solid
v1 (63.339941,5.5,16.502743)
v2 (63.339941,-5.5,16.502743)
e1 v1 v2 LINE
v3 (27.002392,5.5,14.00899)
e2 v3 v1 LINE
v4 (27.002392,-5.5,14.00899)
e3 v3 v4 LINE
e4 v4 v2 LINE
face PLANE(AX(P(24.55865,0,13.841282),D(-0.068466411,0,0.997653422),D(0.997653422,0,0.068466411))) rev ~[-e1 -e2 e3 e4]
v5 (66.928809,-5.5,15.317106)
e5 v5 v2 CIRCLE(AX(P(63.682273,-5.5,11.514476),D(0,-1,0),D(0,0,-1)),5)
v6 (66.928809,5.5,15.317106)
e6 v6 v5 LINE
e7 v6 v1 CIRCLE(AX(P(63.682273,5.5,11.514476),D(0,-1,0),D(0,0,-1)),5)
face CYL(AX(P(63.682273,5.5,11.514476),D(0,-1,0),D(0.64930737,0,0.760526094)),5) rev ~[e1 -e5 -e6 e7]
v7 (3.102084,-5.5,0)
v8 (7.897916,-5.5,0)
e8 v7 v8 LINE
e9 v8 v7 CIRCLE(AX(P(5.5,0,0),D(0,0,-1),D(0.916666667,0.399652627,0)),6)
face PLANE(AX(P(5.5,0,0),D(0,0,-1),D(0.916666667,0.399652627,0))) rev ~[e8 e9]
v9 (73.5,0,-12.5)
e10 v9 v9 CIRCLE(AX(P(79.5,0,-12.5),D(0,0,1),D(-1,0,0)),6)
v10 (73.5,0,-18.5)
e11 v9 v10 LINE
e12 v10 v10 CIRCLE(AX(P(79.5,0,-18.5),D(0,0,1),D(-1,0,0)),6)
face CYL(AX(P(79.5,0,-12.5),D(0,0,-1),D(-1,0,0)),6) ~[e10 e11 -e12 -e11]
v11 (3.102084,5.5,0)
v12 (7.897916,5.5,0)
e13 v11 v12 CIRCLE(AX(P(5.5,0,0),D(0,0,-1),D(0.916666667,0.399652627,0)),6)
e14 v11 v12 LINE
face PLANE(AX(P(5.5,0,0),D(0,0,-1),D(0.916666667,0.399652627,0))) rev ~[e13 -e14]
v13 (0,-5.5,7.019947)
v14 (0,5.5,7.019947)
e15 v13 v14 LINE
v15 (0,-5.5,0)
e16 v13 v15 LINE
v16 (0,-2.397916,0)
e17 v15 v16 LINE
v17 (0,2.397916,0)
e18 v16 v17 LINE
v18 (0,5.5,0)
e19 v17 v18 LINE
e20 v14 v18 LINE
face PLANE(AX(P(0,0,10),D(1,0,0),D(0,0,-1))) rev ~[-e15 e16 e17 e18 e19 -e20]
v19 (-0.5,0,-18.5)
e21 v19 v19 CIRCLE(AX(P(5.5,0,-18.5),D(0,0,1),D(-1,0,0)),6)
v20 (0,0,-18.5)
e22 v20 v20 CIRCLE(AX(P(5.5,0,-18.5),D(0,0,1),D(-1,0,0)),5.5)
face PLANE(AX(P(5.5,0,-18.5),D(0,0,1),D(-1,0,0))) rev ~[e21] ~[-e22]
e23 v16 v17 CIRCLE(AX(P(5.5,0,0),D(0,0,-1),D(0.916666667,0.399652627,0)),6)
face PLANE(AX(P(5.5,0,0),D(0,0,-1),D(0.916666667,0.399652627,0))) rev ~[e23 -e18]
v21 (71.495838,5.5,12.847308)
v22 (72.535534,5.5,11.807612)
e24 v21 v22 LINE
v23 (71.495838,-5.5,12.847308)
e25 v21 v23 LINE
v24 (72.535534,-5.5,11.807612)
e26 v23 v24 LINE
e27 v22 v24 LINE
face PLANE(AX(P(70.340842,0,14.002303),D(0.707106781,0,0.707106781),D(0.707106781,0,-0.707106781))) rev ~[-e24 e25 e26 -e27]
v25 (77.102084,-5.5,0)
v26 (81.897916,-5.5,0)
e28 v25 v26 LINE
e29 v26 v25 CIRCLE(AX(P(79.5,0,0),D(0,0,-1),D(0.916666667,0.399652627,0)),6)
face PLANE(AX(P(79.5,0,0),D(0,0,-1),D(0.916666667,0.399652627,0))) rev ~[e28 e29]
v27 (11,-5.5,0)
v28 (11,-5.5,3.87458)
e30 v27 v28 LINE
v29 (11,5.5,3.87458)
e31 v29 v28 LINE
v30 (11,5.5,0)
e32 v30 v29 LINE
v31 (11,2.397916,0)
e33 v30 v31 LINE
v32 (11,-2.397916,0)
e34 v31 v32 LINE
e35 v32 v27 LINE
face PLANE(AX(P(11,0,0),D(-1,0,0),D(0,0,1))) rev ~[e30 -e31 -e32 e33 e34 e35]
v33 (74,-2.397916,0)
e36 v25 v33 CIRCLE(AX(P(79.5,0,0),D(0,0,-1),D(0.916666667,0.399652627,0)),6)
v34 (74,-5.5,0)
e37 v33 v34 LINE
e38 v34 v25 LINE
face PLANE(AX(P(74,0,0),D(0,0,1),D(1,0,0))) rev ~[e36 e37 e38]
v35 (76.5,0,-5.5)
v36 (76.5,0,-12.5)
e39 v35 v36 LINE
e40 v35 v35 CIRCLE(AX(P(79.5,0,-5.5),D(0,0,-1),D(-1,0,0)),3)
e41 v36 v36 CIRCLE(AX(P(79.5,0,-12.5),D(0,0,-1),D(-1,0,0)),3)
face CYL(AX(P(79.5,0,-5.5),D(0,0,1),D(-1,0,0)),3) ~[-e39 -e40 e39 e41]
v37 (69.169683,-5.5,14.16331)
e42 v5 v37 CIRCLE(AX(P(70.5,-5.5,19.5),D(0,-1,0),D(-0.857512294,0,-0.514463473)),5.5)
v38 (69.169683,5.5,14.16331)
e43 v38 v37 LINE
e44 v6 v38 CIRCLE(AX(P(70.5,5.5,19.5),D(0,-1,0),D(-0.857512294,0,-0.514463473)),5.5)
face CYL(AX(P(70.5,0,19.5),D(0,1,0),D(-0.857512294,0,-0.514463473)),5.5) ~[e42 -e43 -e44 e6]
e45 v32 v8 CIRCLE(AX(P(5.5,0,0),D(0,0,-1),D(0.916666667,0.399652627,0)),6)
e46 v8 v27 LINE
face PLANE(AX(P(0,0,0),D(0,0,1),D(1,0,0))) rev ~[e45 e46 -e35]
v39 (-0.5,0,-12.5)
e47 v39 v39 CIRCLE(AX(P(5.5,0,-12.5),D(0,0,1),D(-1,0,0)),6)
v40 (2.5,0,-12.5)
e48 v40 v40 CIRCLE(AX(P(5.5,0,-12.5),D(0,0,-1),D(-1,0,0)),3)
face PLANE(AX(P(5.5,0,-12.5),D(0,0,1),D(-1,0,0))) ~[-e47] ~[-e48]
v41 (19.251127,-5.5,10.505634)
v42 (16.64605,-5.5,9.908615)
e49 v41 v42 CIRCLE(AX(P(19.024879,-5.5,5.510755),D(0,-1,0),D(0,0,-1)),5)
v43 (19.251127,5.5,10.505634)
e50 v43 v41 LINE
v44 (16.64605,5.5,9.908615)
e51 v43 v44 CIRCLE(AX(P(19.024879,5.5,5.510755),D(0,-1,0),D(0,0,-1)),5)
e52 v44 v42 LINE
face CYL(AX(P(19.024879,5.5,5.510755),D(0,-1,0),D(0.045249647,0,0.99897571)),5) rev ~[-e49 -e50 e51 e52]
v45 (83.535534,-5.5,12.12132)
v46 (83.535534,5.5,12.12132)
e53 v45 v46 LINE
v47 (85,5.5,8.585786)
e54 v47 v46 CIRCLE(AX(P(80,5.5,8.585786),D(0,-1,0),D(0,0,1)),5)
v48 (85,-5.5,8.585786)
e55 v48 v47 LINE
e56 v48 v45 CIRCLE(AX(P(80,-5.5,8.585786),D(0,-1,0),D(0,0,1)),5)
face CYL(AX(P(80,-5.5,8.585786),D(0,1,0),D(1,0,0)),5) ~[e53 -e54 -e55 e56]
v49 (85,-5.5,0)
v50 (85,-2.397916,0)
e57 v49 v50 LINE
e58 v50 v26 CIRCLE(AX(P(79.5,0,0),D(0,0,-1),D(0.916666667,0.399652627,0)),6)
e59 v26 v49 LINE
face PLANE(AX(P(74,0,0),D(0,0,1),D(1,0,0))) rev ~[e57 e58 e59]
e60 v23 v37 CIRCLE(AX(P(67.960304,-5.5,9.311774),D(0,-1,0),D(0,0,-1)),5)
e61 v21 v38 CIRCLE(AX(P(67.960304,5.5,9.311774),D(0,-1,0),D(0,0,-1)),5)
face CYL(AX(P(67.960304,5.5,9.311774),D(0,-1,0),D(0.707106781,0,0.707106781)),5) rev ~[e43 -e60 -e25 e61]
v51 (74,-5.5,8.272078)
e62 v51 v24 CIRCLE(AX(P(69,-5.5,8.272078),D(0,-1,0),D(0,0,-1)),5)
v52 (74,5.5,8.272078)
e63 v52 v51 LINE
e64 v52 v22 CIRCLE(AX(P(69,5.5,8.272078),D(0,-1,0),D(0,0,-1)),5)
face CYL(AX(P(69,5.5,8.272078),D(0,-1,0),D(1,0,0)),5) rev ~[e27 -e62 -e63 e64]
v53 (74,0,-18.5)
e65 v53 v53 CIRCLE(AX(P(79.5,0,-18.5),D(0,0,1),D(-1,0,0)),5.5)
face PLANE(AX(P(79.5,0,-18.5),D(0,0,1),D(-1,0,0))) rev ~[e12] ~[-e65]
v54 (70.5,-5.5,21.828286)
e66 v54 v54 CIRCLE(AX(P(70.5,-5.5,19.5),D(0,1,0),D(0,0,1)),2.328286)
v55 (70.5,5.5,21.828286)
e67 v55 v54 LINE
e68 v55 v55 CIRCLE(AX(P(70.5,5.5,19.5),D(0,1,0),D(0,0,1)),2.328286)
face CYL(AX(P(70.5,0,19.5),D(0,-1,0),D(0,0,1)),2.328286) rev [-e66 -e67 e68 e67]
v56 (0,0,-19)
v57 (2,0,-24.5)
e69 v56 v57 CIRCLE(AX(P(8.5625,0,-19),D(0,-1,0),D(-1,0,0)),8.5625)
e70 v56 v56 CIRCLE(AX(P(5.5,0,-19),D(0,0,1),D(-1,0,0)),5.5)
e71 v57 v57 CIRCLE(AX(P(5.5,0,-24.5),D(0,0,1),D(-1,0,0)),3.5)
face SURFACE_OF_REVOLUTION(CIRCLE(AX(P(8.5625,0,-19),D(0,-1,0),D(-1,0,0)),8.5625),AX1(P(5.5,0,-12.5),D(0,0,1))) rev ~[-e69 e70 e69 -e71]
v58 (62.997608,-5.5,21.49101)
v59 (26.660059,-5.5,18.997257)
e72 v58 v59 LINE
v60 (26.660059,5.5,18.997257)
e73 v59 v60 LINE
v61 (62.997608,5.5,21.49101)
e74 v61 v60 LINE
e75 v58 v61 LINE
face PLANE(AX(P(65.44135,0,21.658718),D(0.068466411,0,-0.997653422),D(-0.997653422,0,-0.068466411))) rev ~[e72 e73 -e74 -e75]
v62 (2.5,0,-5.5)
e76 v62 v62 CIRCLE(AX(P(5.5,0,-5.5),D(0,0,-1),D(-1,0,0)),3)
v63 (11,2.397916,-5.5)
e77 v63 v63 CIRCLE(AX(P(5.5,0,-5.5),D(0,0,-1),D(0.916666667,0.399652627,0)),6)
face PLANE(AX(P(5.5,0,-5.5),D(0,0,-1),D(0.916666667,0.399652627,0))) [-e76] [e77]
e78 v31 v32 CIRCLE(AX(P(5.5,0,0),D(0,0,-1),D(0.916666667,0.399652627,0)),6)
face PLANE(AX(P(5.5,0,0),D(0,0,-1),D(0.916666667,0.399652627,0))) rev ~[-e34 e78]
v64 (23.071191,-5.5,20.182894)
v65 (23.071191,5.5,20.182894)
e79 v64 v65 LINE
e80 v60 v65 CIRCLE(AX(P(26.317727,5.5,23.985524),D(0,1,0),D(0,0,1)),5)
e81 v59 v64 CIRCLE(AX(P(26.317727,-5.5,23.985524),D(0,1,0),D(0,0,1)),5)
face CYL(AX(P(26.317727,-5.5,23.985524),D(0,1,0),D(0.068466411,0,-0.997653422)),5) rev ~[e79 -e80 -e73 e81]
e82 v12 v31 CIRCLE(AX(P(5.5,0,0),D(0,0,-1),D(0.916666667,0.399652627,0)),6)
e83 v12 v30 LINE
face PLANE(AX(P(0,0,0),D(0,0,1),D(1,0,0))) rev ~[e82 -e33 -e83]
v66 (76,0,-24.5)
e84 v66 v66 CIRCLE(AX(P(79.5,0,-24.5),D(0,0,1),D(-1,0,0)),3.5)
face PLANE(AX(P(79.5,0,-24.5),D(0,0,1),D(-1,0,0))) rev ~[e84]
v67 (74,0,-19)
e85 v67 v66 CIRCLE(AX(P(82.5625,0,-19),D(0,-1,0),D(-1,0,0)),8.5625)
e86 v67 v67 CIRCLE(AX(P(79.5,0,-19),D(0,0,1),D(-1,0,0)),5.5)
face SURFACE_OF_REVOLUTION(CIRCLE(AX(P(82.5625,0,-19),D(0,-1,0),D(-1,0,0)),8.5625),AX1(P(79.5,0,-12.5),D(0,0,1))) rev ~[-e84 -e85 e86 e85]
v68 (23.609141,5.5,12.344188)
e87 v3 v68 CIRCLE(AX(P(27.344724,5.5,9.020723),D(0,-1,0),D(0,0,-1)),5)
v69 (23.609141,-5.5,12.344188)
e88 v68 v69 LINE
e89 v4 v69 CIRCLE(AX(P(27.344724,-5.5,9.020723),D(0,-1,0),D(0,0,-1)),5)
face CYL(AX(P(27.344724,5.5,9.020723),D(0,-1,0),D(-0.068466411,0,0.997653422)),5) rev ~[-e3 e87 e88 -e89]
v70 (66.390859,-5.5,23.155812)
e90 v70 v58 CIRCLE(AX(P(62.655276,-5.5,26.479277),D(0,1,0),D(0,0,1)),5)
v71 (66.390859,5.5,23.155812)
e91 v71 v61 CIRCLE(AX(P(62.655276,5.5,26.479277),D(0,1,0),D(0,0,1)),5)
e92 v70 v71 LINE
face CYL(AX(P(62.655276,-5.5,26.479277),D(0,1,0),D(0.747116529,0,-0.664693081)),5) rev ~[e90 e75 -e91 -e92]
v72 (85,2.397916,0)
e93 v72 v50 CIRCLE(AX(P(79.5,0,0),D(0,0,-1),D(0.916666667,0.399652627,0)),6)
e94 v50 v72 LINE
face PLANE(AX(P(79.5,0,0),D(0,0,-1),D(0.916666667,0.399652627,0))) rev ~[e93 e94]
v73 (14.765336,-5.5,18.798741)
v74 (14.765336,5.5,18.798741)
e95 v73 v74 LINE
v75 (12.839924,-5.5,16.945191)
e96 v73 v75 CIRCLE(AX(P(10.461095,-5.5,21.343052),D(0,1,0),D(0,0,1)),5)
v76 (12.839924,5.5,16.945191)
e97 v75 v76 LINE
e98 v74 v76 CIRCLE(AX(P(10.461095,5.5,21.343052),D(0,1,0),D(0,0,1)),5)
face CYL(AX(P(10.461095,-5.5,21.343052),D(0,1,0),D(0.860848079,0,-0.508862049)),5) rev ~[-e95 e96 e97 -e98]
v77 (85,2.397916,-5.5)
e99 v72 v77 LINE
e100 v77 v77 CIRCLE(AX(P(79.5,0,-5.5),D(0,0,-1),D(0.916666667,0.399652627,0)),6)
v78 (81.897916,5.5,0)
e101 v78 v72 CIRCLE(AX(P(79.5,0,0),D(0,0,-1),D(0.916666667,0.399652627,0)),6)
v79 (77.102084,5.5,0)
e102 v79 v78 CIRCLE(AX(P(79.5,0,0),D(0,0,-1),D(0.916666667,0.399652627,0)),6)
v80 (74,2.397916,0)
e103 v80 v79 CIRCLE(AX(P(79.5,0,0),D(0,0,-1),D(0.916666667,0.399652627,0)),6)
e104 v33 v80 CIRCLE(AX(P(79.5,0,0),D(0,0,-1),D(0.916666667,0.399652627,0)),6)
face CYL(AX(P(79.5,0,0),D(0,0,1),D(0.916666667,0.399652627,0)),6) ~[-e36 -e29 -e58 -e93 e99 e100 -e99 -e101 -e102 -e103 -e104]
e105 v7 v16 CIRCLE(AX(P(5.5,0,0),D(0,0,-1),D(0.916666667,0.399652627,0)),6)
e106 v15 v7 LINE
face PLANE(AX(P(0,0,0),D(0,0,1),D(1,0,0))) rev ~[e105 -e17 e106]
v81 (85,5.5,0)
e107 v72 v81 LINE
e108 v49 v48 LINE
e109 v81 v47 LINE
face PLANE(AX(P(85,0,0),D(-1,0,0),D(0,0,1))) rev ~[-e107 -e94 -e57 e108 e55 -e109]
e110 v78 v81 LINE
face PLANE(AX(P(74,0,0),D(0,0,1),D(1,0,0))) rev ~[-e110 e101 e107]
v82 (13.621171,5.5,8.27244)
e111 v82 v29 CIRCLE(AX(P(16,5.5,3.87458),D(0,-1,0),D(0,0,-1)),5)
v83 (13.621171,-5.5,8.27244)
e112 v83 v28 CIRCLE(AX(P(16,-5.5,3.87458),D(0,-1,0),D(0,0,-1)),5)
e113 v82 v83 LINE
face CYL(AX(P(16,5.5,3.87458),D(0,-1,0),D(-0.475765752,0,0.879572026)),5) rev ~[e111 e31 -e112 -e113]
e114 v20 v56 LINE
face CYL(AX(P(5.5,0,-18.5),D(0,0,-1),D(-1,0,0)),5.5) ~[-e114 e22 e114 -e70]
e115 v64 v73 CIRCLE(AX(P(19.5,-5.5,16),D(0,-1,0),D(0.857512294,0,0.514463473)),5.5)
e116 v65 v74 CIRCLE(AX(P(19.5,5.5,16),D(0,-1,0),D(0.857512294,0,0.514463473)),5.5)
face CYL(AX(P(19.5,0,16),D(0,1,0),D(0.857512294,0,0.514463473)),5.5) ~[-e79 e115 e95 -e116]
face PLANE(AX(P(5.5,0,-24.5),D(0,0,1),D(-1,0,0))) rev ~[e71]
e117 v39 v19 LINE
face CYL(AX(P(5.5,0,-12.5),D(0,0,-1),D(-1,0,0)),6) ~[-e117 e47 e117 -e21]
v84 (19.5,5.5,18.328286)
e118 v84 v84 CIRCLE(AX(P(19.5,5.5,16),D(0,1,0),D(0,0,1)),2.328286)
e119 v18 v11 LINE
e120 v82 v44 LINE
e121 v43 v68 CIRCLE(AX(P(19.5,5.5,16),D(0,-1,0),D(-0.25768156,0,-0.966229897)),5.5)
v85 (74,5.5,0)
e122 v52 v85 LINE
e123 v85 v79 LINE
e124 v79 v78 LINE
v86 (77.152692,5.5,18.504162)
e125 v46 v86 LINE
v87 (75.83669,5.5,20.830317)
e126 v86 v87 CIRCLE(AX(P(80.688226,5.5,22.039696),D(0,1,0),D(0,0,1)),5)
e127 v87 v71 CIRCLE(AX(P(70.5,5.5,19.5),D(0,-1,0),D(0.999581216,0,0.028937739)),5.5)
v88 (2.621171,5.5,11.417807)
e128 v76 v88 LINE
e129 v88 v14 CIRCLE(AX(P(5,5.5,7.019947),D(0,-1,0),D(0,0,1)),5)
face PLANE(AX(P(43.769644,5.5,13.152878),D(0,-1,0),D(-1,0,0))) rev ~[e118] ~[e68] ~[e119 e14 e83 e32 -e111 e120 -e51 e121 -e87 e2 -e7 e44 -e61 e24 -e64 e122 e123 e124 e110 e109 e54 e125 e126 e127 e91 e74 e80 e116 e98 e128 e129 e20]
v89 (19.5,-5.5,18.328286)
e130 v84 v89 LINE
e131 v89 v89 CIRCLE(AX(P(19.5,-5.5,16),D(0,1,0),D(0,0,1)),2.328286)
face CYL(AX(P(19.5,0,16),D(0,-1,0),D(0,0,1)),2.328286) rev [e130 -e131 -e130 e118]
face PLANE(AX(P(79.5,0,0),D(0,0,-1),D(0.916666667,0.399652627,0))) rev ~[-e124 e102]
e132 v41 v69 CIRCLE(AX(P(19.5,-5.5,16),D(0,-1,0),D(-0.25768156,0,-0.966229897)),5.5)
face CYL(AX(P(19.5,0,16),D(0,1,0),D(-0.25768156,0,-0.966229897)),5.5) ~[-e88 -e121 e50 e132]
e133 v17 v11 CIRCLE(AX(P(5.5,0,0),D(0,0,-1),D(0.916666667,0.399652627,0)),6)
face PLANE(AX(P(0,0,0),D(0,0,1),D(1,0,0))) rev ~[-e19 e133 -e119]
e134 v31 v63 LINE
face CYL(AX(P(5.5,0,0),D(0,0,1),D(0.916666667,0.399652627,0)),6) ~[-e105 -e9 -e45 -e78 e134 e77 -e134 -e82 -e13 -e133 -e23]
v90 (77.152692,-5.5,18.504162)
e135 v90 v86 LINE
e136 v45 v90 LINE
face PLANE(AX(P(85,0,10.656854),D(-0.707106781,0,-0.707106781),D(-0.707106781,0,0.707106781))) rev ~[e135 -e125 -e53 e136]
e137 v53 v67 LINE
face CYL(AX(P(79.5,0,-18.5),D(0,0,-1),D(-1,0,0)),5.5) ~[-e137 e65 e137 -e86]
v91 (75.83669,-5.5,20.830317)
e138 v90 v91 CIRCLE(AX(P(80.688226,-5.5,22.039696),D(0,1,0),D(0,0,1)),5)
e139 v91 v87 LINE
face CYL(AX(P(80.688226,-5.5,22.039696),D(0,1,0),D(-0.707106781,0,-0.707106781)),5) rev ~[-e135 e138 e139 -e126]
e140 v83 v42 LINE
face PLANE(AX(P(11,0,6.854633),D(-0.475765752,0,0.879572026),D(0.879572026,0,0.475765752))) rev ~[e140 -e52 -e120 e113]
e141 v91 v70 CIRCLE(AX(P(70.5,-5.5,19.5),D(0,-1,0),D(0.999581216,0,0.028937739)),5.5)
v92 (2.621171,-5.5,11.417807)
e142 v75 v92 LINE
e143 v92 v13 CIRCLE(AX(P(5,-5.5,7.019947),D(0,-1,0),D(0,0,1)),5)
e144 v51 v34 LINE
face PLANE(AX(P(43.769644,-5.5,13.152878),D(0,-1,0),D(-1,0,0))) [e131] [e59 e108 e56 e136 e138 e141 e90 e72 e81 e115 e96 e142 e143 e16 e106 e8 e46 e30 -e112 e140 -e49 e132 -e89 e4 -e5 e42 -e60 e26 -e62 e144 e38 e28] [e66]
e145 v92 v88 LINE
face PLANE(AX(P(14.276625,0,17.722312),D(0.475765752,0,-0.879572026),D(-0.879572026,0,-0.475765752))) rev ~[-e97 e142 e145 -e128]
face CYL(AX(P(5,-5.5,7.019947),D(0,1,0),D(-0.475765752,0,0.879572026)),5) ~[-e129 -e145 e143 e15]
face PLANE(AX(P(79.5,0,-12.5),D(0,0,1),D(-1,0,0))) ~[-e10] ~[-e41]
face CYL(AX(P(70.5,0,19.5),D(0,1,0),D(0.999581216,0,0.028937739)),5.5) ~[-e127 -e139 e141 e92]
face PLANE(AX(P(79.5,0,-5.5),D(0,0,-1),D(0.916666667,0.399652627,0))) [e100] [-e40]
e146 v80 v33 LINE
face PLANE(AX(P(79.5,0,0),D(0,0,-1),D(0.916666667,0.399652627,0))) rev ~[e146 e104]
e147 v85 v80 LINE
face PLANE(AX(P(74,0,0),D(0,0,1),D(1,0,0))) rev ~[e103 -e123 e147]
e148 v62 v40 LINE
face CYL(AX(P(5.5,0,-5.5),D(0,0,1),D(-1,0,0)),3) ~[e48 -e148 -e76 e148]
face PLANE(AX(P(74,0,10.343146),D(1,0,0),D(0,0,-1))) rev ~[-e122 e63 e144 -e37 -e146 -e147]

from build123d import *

# Parameters (mm, degrees)
SKETCH1_R           = 2.328285793
BOSS_EXTRUDE1_DEPTH = 5.5
FILLET1_R           = 5
SKETCH3_R           = 6
BOSS_EXTRUDE2_DEPTH = 5.5
SKETCH4_R           = 3
BOSS_EXTRUDE3_DEPTH = 7
LPATTERN1_COUNT     = 2
LPATTERN1_PITCH     = 74


with BuildPart() as part:
    # Sketch1 → Boss-Extrude1 (new, symmetric)
    with BuildSketch(Plane(origin=(0, 0, 0), x_dir=(1, 0, 0), z_dir=(0, 1, 0))):
        with BuildLine():
            Line((0, 0), (11, 0))
            Line((11, 0), (11, -6.854633107))
            Line((11, -6.854633107), (18.08275142, -10.685735567))
            ThreePointArc((18.08275142, -10.685735567), (21.90921539, -11.055742603), (24.558649677, -13.841281989))
            Line((24.558649677, -13.841281989), (65.78368238, -16.6704509))
            ThreePointArc((65.78368238, -16.6704509), (67.721094199, -14.75366641), (70.340842438, -14.002303312))
            Line((70.340842438, -14.002303312), (74, -10.343145751))
            Line((74, -10.343145751), (74, 0))
            Line((74, 0), (85, 0))
            Line((85, 0), (85, -10.656854249))
            Line((85, -10.656854249), (75.997696688, -19.659157562))
            ThreePointArc((75.997696688, -19.659157562), (71.523597121, -24.903910522), (65.441350323, -21.658718011))
            Line((65.441350323, -21.658718011), (24.21631762, -18.8295491))
            ThreePointArc((24.21631762, -18.8295491), (18.891090881, -21.466189686), (14.276625407, -17.722311778))
            Line((14.276625407, -17.722311778), (0, -10))
            Line((0, -10), (0, 0))
        make_face()
        with Locations(Location((19.5, -16, 0), (0, 0, 270))):
            Circle(SKETCH1_R, mode=Mode.SUBTRACT)
        with Locations(Location((70.5, -19.5, 0), (0, 0, 270))):
            Circle(SKETCH1_R, mode=Mode.SUBTRACT)
    extrude(amount=BOSS_EXTRUDE1_DEPTH, both=True)

    # Fillet1
    fillet1_edges = [part.edges().sort_by_distance(p)[0] for p in [
        (11, 0, 6.854633107),
        (18.08275142, 0, 10.685735567),
        (24.558649677, 0, 13.841281989),
        (65.78368238, 0, 16.6704509),
        (70.340842438, 0, 14.002303312),
        (74, 0, 10.343145751),
        (85, 0, 10.656854249),
        (75.997696688, 0, 19.659157562),
        (65.441350323, 0, 21.658718011),
        (24.21631762, 0, 18.8295491),
        (14.276625407, 0, 17.722311778),
        (0, 0, 10),
    ]]
    fillet(fillet1_edges, radius=FILLET1_R)

    # Sketch3 → Boss-Extrude2 (add)
    with BuildSketch(Plane(origin=(0, 0, 0), x_dir=(-1, 0, 0), z_dir=(0, 0, -1))):
        with Locations(Location((-79.5, 0, 0), (0, 0, 156.443535691))):
            Circle(SKETCH3_R)
        with Locations(Location((-5.5, 0, 0), (0, 0, 156.443535691))):
            Circle(SKETCH3_R)
    extrude(amount=BOSS_EXTRUDE2_DEPTH)

    # Sketch4 → Boss-Extrude3 (add)
    with BuildSketch(Plane(origin=(0, 0, -5.5), x_dir=(-1, 0, 0), z_dir=(0, 0, -1))):
        with Locations((-79.5, 0)):
            Circle(SKETCH4_R)
        with Locations((-5.5, 0)):
            Circle(SKETCH4_R)
    extrude(amount=BOSS_EXTRUDE3_DEPTH)

    # Sketch5 → Revolve1 (revolve)
    with BuildSketch(Plane(origin=(0, 0, 0), x_dir=(1, 0, 0), z_dir=(0, 1, 0)), mode=Mode.PRIVATE) as revolve1_sk:
        with BuildLine():
            Line((5.5, 12.5), (11.5, 12.5))
            Line((11.5, 12.5), (11.5, 18.5))
            Line((11.5, 18.5), (11, 18.5))
            Line((11, 18.5), (11, 19))
            ThreePointArc((11, 19), (10.484481189, 21.926174978), (9, 24.5))
            Line((9, 24.5), (5.5, 24.5))
            Line((5.5, 24.5), (5.5, 12.5))
        make_face()
    revolve1 = revolve(revolve1_sk.sketch.rotate(Axis((5.5, 0, -12.5), (0, 0, 1)), 180), axis=Axis((5.5, 0, -12.5), (0, 0, 1)))

    # LPattern1: Revolve1 ×2
    with Locations(*[(i * LPATTERN1_PITCH, 0, 0) for i in range(1, LPATTERN1_COUNT)]):
        add(revolve1)


solid = part.part
